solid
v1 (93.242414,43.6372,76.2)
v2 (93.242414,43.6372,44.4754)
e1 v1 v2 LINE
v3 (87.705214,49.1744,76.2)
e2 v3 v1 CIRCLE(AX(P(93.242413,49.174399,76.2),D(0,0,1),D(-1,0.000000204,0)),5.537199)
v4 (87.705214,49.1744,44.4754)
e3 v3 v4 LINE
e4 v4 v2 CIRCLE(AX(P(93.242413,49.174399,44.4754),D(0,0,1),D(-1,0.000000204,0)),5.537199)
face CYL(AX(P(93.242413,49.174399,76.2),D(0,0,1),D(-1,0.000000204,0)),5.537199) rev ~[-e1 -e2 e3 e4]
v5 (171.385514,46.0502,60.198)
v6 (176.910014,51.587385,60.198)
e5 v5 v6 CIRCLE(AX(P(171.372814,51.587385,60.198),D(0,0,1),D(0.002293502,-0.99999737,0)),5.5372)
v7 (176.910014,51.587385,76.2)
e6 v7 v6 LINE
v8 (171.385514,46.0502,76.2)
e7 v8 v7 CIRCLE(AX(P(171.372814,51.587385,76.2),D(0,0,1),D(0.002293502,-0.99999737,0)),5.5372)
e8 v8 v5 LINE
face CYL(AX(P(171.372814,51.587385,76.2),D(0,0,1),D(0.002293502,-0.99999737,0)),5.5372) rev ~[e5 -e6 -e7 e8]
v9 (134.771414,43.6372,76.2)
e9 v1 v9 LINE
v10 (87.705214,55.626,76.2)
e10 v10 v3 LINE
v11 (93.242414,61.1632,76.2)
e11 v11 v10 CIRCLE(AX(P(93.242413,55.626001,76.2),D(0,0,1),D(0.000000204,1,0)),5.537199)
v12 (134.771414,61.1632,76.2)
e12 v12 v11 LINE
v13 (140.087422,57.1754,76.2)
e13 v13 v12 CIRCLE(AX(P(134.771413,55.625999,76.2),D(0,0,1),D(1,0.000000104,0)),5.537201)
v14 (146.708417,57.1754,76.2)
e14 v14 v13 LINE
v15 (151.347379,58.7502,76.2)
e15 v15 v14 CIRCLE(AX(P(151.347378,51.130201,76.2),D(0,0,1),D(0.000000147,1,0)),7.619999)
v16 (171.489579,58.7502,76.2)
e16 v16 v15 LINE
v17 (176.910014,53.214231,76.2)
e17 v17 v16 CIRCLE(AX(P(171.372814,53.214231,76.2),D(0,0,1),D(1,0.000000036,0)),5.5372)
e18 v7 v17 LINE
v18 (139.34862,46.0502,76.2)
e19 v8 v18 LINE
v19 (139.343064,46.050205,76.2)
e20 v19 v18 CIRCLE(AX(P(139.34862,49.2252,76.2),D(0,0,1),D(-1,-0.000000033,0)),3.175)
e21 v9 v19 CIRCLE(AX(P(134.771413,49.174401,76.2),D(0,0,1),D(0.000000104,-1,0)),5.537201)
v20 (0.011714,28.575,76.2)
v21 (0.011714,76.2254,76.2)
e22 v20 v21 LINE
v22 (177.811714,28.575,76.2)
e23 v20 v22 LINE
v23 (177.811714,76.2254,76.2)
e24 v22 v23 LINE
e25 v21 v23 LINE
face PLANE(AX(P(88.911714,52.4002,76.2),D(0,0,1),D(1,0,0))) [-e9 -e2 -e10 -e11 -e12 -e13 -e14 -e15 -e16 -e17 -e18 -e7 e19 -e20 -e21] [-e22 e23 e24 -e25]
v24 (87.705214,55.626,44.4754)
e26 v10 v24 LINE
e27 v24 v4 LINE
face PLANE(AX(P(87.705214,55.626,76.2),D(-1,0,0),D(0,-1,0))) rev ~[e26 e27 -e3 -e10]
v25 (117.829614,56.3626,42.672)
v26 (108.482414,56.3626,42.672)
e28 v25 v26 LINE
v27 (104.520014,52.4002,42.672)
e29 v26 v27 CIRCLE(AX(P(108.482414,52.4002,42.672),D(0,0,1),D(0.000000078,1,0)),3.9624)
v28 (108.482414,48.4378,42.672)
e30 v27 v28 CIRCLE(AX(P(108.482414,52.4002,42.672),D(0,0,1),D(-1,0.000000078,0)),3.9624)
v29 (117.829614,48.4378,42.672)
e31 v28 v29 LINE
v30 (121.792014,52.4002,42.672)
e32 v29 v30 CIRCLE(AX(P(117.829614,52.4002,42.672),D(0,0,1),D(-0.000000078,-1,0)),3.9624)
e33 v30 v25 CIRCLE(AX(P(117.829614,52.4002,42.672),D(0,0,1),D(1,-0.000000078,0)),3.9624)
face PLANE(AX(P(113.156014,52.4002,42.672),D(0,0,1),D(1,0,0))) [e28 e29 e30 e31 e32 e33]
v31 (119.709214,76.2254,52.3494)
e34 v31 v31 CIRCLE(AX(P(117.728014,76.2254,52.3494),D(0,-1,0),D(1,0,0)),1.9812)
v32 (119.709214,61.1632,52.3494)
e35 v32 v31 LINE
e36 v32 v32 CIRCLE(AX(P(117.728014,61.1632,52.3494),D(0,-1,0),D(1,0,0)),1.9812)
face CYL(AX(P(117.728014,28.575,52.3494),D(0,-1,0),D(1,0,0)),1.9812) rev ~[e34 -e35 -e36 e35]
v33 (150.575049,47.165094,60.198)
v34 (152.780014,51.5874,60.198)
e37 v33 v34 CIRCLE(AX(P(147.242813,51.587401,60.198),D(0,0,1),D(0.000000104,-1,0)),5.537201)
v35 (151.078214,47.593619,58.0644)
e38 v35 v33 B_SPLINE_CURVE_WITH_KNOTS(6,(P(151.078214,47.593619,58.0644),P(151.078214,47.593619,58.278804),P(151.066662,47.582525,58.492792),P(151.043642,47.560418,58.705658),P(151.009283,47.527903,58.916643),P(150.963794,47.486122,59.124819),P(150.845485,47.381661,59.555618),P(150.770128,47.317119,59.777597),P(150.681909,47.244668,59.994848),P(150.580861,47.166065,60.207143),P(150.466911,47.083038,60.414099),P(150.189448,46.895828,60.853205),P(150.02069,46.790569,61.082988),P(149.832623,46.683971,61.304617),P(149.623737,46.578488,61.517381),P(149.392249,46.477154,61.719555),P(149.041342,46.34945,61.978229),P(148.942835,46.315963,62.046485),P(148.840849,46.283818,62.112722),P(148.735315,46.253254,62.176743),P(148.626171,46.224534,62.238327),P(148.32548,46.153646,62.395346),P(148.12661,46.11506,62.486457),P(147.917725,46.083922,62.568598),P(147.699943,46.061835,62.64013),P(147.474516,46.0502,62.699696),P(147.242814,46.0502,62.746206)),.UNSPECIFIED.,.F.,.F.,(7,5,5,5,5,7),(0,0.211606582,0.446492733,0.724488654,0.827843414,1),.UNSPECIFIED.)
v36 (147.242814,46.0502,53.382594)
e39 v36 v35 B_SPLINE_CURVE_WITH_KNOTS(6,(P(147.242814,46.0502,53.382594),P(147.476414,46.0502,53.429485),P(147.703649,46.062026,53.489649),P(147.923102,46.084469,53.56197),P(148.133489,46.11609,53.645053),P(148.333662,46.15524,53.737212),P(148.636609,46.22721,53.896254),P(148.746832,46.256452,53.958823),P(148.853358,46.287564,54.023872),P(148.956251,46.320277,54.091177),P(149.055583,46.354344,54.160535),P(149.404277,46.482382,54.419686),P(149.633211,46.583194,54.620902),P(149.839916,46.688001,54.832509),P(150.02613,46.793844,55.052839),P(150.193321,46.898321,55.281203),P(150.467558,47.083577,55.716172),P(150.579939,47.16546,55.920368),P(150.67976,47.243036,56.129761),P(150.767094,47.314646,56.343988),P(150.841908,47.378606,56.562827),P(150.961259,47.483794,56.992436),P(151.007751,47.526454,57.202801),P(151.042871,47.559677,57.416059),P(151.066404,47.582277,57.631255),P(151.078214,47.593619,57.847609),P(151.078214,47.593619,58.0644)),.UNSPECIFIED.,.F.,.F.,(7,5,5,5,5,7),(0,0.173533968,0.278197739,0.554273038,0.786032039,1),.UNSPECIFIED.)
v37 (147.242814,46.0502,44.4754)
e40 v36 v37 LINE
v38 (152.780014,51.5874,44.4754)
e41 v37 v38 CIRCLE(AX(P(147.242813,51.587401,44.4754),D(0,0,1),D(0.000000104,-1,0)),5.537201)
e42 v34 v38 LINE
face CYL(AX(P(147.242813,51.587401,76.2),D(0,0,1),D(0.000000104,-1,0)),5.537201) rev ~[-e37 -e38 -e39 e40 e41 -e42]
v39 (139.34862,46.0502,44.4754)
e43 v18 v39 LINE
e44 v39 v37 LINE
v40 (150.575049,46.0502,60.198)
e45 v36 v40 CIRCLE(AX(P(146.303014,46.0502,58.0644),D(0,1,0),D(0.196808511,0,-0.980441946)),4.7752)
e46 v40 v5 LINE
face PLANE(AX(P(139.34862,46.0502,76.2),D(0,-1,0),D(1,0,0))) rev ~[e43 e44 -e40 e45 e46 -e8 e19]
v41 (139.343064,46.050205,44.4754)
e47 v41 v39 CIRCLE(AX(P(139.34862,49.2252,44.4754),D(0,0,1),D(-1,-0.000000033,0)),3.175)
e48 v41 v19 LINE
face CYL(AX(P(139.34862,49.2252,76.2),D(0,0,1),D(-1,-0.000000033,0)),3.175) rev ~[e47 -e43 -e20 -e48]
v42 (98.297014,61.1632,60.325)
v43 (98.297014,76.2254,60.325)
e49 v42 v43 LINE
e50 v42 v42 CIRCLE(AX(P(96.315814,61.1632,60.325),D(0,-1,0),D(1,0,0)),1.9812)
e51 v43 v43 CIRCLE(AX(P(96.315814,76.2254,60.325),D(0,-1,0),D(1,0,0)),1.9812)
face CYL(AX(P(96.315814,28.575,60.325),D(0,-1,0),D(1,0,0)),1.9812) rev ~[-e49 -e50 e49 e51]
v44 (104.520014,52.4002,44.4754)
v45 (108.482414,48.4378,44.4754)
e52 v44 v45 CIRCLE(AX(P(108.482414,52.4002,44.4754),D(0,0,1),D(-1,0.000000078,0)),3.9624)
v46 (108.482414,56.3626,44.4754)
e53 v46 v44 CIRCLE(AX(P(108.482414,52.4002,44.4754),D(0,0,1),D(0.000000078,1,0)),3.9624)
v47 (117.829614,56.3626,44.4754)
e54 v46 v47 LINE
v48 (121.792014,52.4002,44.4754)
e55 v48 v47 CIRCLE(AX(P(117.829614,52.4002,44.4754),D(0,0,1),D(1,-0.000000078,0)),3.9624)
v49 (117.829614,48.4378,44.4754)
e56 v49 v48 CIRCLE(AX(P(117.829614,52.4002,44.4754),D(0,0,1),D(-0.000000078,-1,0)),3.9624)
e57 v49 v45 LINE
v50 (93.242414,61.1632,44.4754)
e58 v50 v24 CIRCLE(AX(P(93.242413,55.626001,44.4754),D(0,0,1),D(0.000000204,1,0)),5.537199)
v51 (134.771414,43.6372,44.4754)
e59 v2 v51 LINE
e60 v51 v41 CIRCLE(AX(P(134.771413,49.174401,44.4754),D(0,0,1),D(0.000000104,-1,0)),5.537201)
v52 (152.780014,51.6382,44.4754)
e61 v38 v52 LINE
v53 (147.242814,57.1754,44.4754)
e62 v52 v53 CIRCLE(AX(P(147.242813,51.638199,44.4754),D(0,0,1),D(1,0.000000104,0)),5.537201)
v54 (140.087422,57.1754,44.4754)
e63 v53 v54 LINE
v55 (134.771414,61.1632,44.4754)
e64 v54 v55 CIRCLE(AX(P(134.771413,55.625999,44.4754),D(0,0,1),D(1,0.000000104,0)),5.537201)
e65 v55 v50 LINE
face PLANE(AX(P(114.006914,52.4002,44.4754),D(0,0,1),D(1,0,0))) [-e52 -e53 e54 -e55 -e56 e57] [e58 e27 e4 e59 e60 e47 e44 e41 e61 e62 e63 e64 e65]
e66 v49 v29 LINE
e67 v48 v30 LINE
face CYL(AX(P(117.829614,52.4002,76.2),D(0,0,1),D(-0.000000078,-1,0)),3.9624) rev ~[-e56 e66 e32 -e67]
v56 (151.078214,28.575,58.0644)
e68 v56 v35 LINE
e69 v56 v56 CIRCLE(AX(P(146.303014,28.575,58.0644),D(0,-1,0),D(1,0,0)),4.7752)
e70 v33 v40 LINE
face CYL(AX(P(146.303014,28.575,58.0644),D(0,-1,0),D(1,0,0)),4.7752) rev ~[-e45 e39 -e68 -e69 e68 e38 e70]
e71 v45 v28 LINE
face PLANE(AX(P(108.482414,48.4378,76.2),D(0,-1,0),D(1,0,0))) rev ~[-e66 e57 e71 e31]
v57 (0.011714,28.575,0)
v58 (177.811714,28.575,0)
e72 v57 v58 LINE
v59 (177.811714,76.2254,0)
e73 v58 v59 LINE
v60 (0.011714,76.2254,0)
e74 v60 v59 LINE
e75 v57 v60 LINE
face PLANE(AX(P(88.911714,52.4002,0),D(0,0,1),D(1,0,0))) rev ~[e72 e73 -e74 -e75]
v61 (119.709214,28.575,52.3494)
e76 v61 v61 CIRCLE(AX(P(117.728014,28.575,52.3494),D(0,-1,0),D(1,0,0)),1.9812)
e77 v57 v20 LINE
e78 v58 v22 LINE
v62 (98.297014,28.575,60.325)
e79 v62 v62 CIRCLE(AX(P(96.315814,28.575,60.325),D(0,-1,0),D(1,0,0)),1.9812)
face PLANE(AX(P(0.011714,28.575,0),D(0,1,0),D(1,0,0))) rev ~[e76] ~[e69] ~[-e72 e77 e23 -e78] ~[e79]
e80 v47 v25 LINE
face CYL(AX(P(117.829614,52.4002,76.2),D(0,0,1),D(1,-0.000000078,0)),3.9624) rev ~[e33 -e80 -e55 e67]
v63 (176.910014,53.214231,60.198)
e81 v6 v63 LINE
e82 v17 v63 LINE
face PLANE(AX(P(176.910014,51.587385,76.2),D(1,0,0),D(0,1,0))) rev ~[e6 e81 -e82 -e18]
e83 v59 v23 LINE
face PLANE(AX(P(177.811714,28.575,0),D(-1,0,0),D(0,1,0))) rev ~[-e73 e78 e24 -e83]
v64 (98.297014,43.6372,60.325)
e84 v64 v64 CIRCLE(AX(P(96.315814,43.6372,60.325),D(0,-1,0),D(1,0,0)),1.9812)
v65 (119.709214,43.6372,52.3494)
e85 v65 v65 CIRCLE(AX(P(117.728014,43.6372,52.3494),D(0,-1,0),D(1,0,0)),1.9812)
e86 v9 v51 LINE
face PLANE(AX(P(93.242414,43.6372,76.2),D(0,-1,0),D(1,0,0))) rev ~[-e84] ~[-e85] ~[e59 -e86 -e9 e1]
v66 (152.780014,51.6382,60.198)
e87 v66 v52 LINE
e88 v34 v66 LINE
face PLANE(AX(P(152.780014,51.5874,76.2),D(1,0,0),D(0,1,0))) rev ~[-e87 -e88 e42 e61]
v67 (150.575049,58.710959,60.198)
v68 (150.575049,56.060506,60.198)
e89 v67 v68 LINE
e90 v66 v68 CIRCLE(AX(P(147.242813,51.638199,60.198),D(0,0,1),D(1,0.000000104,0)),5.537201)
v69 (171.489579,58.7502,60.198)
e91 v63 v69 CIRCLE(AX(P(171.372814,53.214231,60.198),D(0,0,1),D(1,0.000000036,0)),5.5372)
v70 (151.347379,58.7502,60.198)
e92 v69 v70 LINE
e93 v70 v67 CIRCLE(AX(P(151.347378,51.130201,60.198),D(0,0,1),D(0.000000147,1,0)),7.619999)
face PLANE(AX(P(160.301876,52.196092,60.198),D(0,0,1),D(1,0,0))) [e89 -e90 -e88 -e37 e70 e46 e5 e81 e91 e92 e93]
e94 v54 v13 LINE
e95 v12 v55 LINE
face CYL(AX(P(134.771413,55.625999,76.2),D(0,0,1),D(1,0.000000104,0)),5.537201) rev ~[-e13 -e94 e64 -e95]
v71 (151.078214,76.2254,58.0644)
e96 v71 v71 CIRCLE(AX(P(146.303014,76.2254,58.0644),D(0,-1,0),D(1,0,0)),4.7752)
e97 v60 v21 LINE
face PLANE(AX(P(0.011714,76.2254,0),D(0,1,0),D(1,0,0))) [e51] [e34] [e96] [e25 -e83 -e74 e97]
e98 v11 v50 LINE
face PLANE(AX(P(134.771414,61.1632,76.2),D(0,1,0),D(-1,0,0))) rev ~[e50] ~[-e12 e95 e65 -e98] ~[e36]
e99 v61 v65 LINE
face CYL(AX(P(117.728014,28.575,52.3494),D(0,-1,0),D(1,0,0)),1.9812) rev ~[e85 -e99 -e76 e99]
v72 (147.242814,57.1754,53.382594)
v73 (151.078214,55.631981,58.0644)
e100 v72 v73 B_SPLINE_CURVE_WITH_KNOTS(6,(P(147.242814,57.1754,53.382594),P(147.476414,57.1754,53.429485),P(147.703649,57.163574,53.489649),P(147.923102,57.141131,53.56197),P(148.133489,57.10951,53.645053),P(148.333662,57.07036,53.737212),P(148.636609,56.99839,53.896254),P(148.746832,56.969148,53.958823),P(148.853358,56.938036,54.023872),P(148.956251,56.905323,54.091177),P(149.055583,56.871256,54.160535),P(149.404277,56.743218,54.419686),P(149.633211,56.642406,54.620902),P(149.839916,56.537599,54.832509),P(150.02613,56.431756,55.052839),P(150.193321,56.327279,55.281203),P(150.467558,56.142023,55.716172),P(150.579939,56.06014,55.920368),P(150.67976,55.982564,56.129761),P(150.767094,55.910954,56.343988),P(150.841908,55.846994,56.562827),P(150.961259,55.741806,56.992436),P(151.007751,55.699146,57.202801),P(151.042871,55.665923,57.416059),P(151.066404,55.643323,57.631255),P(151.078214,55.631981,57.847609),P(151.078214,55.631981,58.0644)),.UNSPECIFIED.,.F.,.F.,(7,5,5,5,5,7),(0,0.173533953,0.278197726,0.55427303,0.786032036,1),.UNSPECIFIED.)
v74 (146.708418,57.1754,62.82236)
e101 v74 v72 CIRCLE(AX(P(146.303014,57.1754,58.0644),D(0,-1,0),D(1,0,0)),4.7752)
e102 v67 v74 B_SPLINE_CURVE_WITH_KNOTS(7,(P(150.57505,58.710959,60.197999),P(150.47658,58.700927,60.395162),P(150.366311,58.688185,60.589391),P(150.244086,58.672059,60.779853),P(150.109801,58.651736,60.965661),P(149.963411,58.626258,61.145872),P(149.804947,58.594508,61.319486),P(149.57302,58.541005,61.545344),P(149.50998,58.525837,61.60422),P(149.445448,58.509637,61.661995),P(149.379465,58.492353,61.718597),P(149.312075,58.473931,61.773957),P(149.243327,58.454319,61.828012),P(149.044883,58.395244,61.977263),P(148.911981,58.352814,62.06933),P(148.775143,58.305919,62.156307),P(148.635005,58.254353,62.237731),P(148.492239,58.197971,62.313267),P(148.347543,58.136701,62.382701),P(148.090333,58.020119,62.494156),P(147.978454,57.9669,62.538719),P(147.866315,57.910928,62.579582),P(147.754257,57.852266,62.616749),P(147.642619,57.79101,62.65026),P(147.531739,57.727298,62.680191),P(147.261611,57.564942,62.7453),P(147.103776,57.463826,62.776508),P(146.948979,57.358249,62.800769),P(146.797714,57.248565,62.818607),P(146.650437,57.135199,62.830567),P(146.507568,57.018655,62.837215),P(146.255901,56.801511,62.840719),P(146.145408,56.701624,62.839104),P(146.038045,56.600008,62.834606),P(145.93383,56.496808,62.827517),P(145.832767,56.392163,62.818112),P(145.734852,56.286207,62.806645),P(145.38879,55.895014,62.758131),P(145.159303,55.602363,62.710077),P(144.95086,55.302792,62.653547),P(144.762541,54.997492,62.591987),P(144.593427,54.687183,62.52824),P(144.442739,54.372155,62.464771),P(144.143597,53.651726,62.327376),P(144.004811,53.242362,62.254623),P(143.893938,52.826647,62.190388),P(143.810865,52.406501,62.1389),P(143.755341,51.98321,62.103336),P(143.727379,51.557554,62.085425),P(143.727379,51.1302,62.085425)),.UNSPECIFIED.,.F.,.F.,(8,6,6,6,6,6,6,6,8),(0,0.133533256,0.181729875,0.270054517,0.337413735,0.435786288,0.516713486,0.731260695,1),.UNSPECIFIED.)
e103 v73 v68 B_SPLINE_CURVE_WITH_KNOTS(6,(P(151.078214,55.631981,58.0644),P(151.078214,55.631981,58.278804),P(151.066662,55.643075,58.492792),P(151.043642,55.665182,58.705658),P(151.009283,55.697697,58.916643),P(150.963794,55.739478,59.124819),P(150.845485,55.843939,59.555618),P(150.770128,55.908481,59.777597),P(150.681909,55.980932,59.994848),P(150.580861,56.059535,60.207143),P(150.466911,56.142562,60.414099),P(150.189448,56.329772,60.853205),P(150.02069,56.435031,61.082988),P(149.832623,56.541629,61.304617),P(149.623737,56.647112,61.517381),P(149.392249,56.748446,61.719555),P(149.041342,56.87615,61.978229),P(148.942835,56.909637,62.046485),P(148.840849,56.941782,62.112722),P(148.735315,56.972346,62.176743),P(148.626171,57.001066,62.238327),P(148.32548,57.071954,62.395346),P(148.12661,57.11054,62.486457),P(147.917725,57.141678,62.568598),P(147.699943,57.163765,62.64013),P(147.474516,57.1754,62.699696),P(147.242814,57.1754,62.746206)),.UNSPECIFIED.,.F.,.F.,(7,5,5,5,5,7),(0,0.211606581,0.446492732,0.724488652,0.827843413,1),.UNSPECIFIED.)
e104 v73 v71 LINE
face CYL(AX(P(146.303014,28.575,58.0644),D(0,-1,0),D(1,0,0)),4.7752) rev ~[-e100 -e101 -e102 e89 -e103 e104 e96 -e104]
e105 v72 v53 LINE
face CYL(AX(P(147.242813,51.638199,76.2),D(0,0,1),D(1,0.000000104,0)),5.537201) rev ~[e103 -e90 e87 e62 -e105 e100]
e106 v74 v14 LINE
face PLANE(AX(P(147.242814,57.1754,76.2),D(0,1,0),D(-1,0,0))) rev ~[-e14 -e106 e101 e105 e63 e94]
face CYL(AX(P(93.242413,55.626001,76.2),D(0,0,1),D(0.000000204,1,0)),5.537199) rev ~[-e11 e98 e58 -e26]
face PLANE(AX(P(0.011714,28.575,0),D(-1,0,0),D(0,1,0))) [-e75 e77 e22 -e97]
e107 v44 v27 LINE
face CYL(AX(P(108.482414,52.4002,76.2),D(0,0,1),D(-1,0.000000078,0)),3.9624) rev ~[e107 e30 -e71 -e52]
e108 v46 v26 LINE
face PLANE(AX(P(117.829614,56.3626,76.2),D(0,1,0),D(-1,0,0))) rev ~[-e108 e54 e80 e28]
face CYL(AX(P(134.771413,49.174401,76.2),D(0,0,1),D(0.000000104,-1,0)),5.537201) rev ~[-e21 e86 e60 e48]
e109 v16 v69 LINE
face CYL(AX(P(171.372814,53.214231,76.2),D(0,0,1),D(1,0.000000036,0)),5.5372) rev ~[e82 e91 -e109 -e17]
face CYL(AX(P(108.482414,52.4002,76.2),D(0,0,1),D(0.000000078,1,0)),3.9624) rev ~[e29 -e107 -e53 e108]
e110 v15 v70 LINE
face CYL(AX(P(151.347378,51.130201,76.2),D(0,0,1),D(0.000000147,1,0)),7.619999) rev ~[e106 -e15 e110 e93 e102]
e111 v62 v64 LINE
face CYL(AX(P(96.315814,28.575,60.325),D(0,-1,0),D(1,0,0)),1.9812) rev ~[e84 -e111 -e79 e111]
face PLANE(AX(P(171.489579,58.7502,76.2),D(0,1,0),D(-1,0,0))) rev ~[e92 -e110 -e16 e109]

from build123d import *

# Parameters (mm, degrees)
F0_W      = 177.8
F0_H      = 47.6504
F1_DEPTH  = 76.2
F2_R      = 4.7752
F2_R_2    = 1.9812
F3_DEPTH  = 47.6514
F5_DEPTH  = 16.002
F7_DEPTH  = 33.528
F9_DEPTH  = 31.7246
F11_DEPTH = 31.7246


with BuildPart() as f1:
    # F0 (on Top) → F1 (new body)
    with BuildSketch(Plane.XY):
        with Locations((88.911714, 52.4002)):
            Rectangle(F0_W, F0_H)
    extrude(amount=F1_DEPTH)

    # F2 (on face) → F3 (cut, through all)
    with BuildSketch(Plane.XZ.offset(-28.575)):
        with Locations((146.303014, 58.0644)):
            Circle(F2_R)
        with Locations((117.728014, 52.3494)):
            Circle(F2_R_2)
        with Locations((96.315814, 60.325)):
            Circle(F2_R_2)
    extrude(amount=-F3_DEPTH, mode=Mode.SUBTRACT)

    # F4 (on face) → F5 (cut)
    with BuildSketch(Plane.XY.offset(76.2)):
        with BuildLine():
            Line((176.910014, 51.587385), (176.910014, 53.214231))
            ThreePointArc((176.910014, 53.214231), (175.329273, 57.08812), (171.489579, 58.7502))
            Line((171.489579, 58.7502), (151.347379, 58.7502))
            ThreePointArc((151.347379, 58.7502), (145.959225, 56.518354), (143.727379, 51.1302))
            Line((143.727379, 51.1302), (143.727379, 49.2252))
            ThreePointArc((143.727379, 49.2252), (144.657315, 46.980136), (146.902379, 46.0502))
            Line((146.902379, 46.0502), (171.385514, 46.0502))
            ThreePointArc((171.385514, 46.0502), (175.292693, 47.676486), (176.910014, 51.587385))
        make_face()
    extrude(amount=-F5_DEPTH, mode=Mode.SUBTRACT)

    # F6 (on face) → F7 (cut)
    with BuildSketch(Plane.XY.offset(76.2)):
        with BuildLine():
            Line((117.829614, 56.3626), (108.482414, 56.3626))
            ThreePointArc((108.482414, 56.3626), (105.680574, 55.20204), (104.520014, 52.4002))
            ThreePointArc((104.520014, 52.4002), (105.680574, 49.59836), (108.482414, 48.4378))
            Line((108.482414, 48.4378), (117.829614, 48.4378))
            ThreePointArc((117.829614, 48.4378), (120.631454, 49.59836), (121.792014, 52.4002))
            ThreePointArc((121.792014, 52.4002), (120.631454, 55.20204), (117.829614, 56.3626))
        make_face()
    extrude(amount=-F7_DEPTH, mode=Mode.SUBTRACT)

    # F8 (on face) → F9 (cut)
    with BuildSketch(Plane.XY.offset(76.2)):
        with BuildLine():
            Line((134.771414, 61.1632), (93.242414, 61.1632))
            ThreePointArc((93.242414, 61.1632), (89.327022, 59.541392), (87.705214, 55.626))
            Line((87.705214, 55.626), (87.705214, 49.1744))
            ThreePointArc((87.705214, 49.1744), (89.327022, 45.259008), (93.242414, 43.6372))
            Line((93.242414, 43.6372), (134.771414, 43.6372))
            ThreePointArc((134.771414, 43.6372), (138.686805, 45.259008), (140.308614, 49.1744))
            Line((140.308614, 49.1744), (140.308614, 55.626))
            ThreePointArc((140.308614, 55.626), (138.686805, 59.541392), (134.771414, 61.1632))
        make_face()
    extrude(amount=-F9_DEPTH, mode=Mode.SUBTRACT)

    # F10 (on face) → F11 (cut)
    with BuildSketch(Plane.XY.offset(76.2)):
        with BuildLine():
            Line((147.242814, 57.1754), (139.34862, 57.1754))
            ThreePointArc((139.34862, 57.1754), (137.103556, 56.245464), (136.17362, 54.0004))
            Line((136.17362, 54.0004), (136.17362, 49.2252))
            ThreePointArc((136.17362, 49.2252), (137.103556, 46.980136), (139.34862, 46.0502))
            Line((139.34862, 46.0502), (147.242814, 46.0502))
            ThreePointArc((147.242814, 46.0502), (151.158205, 47.672008), (152.780014, 51.5874))
            Line((152.780014, 51.5874), (152.780014, 51.6382))
            ThreePointArc((152.780014, 51.6382), (151.158205, 55.553592), (147.242814, 57.1754))
        make_face()
    extrude(amount=-F11_DEPTH, mode=Mode.SUBTRACT)


solid = f1.part
